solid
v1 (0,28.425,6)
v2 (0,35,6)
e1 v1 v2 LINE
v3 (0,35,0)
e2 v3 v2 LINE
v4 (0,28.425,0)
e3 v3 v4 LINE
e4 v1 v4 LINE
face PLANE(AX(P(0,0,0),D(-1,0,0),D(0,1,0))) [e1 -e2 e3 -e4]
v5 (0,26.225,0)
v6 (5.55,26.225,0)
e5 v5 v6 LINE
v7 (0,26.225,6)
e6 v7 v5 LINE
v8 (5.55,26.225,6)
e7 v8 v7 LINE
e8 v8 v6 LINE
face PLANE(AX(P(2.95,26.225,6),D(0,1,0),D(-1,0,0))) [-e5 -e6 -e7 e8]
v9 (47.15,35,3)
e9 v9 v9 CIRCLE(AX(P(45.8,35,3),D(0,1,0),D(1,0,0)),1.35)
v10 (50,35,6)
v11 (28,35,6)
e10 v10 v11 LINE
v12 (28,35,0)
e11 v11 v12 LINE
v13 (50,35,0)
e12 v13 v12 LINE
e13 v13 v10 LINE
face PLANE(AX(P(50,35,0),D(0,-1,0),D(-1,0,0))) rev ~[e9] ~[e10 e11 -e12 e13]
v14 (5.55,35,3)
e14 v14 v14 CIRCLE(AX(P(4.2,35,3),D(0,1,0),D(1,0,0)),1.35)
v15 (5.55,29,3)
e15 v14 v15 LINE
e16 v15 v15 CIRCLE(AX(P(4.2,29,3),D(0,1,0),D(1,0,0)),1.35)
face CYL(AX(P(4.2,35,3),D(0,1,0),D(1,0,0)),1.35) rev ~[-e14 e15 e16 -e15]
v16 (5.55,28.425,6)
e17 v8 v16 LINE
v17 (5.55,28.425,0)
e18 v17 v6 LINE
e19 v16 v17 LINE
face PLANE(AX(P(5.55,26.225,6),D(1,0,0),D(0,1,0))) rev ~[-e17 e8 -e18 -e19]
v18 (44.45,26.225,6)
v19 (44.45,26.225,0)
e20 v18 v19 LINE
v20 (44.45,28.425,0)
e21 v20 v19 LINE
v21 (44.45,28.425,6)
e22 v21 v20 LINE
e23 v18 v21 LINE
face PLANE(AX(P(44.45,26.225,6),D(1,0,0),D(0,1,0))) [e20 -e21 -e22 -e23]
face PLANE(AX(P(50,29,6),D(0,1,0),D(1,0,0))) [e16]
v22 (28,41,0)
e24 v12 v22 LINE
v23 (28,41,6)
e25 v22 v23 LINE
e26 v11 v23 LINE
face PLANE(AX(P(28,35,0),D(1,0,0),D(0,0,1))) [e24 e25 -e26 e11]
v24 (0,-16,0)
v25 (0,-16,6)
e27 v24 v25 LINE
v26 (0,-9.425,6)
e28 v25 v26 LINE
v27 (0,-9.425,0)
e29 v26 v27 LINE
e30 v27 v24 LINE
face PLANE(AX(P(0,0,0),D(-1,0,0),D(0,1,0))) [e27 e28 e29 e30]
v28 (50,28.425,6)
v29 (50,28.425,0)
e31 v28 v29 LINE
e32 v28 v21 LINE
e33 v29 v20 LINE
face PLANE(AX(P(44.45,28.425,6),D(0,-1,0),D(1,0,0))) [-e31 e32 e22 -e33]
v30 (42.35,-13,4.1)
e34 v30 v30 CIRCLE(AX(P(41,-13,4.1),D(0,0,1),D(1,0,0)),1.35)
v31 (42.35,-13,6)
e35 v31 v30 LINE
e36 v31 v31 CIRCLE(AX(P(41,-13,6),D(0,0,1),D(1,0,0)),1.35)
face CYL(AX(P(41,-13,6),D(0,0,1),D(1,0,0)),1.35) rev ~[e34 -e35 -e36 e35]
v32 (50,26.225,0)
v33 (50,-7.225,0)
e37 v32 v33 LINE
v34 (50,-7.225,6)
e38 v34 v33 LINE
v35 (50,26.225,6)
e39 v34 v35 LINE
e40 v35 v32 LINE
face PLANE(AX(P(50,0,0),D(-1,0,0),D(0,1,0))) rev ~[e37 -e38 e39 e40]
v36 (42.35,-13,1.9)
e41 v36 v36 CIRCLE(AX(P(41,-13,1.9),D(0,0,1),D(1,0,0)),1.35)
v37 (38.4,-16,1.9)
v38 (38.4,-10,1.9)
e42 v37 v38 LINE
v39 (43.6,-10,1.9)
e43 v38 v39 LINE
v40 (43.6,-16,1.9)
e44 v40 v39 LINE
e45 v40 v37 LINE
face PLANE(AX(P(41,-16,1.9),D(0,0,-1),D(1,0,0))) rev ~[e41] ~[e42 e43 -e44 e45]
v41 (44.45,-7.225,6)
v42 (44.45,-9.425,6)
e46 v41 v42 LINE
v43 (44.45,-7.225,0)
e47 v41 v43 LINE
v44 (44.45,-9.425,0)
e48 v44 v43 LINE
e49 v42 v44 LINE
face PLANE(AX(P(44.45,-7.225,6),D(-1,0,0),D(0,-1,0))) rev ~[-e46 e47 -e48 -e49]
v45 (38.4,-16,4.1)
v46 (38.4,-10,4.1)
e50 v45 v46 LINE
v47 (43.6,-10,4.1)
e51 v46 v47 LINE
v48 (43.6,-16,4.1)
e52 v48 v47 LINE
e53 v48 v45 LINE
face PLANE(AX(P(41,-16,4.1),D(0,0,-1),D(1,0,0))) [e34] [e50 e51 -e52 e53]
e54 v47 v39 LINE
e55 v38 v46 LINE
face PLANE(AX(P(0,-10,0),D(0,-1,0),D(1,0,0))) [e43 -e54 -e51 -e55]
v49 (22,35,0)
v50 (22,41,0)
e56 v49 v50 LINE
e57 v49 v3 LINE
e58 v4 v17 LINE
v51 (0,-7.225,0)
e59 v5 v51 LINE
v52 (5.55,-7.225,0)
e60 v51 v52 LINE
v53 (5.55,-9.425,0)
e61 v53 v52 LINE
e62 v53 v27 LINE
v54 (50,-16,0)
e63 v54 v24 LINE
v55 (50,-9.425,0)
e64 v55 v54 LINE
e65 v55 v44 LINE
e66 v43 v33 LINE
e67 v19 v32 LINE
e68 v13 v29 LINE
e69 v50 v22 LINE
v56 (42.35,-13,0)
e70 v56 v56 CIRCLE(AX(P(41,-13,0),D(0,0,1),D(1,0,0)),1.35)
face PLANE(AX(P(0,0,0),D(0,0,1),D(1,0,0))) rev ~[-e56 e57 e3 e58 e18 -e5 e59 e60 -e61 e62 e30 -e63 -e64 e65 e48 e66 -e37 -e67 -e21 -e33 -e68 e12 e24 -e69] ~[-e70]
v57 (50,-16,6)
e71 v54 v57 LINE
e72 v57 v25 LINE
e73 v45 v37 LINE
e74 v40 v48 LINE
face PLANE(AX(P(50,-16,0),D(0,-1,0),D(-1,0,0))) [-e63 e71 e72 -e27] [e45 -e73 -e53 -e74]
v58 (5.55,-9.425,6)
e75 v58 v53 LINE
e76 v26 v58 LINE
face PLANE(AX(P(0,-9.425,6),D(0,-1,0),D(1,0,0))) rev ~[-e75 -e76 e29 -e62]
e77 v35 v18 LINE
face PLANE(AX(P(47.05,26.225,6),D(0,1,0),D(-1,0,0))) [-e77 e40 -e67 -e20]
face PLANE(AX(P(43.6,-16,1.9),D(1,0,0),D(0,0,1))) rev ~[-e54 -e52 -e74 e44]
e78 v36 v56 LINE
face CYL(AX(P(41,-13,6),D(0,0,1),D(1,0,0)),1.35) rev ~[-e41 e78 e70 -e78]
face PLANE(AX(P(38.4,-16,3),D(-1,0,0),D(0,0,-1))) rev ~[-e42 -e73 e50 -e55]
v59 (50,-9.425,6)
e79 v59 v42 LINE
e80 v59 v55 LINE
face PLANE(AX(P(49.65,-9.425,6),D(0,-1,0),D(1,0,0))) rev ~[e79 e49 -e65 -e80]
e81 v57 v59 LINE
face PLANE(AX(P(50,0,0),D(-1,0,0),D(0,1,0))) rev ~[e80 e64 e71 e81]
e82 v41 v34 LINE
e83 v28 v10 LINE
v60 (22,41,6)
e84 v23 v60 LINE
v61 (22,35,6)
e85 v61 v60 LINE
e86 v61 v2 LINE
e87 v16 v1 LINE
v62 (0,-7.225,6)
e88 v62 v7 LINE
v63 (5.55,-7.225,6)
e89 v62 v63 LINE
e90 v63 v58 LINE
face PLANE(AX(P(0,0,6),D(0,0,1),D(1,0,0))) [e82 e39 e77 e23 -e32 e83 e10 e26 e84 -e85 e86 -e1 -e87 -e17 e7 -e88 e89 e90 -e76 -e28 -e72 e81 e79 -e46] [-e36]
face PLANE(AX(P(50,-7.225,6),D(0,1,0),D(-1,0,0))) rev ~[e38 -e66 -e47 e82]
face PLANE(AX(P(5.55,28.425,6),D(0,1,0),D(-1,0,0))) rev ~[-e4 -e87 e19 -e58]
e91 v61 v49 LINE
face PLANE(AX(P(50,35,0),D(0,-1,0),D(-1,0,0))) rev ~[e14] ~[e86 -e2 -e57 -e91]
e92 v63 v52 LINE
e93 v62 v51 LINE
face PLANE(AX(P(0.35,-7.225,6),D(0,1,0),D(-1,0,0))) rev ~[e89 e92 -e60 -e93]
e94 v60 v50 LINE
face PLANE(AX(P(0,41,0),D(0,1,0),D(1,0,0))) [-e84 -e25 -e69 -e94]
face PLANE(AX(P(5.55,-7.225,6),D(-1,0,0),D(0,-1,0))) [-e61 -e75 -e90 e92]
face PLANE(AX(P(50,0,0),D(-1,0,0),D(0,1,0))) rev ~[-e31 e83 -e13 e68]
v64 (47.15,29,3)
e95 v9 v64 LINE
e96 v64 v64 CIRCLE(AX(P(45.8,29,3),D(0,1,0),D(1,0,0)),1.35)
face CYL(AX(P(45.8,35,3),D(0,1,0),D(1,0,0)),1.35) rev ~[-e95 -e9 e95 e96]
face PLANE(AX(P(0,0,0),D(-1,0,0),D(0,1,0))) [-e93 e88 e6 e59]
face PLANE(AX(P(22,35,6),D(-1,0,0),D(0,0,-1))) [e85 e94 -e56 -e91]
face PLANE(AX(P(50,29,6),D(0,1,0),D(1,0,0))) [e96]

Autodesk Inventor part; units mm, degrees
ref_plane "YZ Plane" through (0, 0, 0) normal (1, 0, 0) x (0, 1, 0)
ref_plane "XZ Plane" through (0, 0, 0) normal (0, 1, 0) x (-1, 0, 0)
ref_plane "XY Plane" through (0, 0, 0) normal (0, 0, 1) x (1, 0, 0)
sketch "스케치1" plane through (0, 0, 0) normal (0, 0, 1) x (1, 0, 0)
  line L0 (0, 0) -> (50, 0) projected
  line L1 (50, 0) -> (50, 25) projected
  line L2 (0, 25) -> (50, 25) projected
  line L3 (0, 0) -> (0, 25) projected
  line L4 (8.4, 0) -> (0, 0) projected
  line L5 (0, 0) -> (0, -16) projected
  line L6 (50, -16) -> (0, -16) projected
  line L7 (50, 0) -> (50, -16) projected
  line L8 (50, 0) -> (41.6, 0) projected
  line L9 (41.6, 0) -> (41.6, -10) projected
  line L10 (41.6, -10) -> (8.4, -10) projected
  line L11 (8.4, 0) -> (8.4, -10) projected
  line L12 (0, 25) -> (50, 25)
  line L13 (50, 25) -> (50, 35)
  line L14 (50, 35) -> (0, 35)
  line L15 (0, 35) -> (0, 25)
  line L16 (0, -16) -> (50, -16)
  line L17 (50, -16) -> (50, 35)
  line L18 (50, 35) -> (0, 35)
  line L19 (0, 35) -> (0, -16)
  dimension "d0" = 10
extrude "돌출1" add sketch "스케치1" along normal blind 6
sketch "스케치2" plane through (0, 0, 6) normal (0, 0, 1) x (1, 0, 0)
  circle A0 centre (41, -13) radius 1.35 projected
  point P0 (0, 0)
extrude "돌출2" cut sketch "스케치2" against normal up to next
sketch "스케치3" plane through (0, 35, 0) normal (0, 1, 0) x (1, 0, 0)
  line L0 (50, 0) -> (0, 0) projected
  line L1 (28, -6) -> (50, -6) projected
  line L2 (39, -6) -> (25, 0)
  line L3 (39, -6) -> (22, -6)
  line L4 (22, -6) -> (22, 0)
  line L5 (22, 0) -> (39, 0)
  line L6 (39, 0) -> (39, -6)
  line L7 (39, 0) -> (28, 0)
  line L8 (28, 0) -> (28, -6)
  line L9 (28, -6) -> (39, -6)
  line L10 (39, -6) -> (39, 0)
  point P0 (22, -6)
extrude "돌출3" add sketch "스케치3" along normal blind 6 contours L8 L2 L0 | L2 L8 L3 L4 L0
sketch "스케치4" plane through (50, 35, 6) normal (0, 1, 0) x (1, 0, 0)
  circle A0 centre (-4.2, 79) radius 1.35 projected
  circle A1 centre (-4.2, 3) radius 1.35 projected
  circle A2 centre (-45.8, 79) radius 1.35 projected
  circle A3 centre (-45.8, 3) radius 1.35 projected
  circle A4 centre (-4.2, 71.8) radius 1.6 projected
  circle A5 centre (-45.8, 71.8) radius 1.6 projected
  circle A6 centre (-4.2, 10.2) radius 1.6 projected
  circle A7 centre (-45.8, 10.2) radius 1.6 projected
  line L0 (-50, 0) -> (-28, 0) projected
  line L1 (-28, 0) -> (-28, 6) projected
  line L2 (-28, 6) -> (-22, 6) projected
  line L3 (-22, 6) -> (-22, 0) projected
  line L4 (-22, 0) -> (0, 0) projected
  line L5 (0, 0) -> (0, 82) projected
  line L6 (0, 82) -> (-50, 82) projected
  line L7 (-50, 82) -> (-50, 0) projected
  point P0 (-50, 6)
extrude "돌출4" cut sketch "스케치4" against normal blind 6 contours A1 | A3
sketch "스케치6" plane through (0, 0, 6) normal (0, 0, 1) x (1, 0, 0)
  line L0 (47.05, 26.225) -> (47.05, 40.9)
  line L1 (47.05, 31.225) -> (47.05, 40.9)
  line L2 (47.05, 26.225) -> (49.65, 26.225)
  line L3 (50, -16) -> (50, 35) projected
  line L4 (47.05, 26.225) -> (44.45, 26.225)
  line L5 (44.45, 26.225) -> (44.45, 28.425)
  line L6 (44.45, 28.425) -> (49.65, 28.425)
  line L7 (49.65, 28.425) -> (49.65, 26.225)
  line L8 (28, 41) -> (22, 41) projected
  line L9 (25, 41) -> (25, 38)
  line L10 (2.95, 26.225) -> (0.35, 26.225)
  line L11 (2.95, 26.225) -> (5.55, 26.225)
  line L12 (5.55, 26.225) -> (5.55, 28.425)
  line L13 (5.55, 28.425) -> (0.35, 28.425)
  line L14 (0.35, 28.425) -> (0.35, 26.225)
  line L15 (0, 35) -> (0, -16) projected
  line L16 (0.35, 26.225) -> (0, 26.225)
  line L17 (0, 26.225) -> (0, 28.425)
  line L18 (0, 28.425) -> (0.35, 28.425)
  line L19 (0.35, 28.425) -> (0.35, 26.225)
  line L20 (49.65, 28.425) -> (50, 28.425)
  line L21 (50, 28.425) -> (50, 26.225)
  line L22 (50, 26.225) -> (49.65, 26.225)
  line L23 (49.65, 26.225) -> (49.65, 28.425)
  line L24 (0, 9.5) -> (2.95, 9.5)
  line L25 (47.05, -7.225) -> (49.65, -7.225)
  line L26 (47.05, -7.225) -> (44.45, -7.225)
  line L27 (44.45, -7.225) -> (44.45, -9.425)
  line L28 (44.45, -9.425) -> (49.65, -9.425)
  line L29 (49.65, -9.425) -> (49.65, -7.225)
  line L30 (2.95, -7.225) -> (0.35, -7.225)
  line L31 (2.95, -7.225) -> (5.55, -7.225)
  line L32 (5.55, -7.225) -> (5.55, -9.425)
  line L33 (5.55, -9.425) -> (0.35, -9.425)
  line L34 (0.35, -9.425) -> (0.35, -7.225)
  line L35 (0.35, -7.225) -> (0, -7.225)
  line L36 (0, -7.225) -> (0, -9.425)
  line L37 (0, -9.425) -> (0.35, -9.425)
  line L38 (0.35, -9.425) -> (0.35, -7.225)
  line L39 (49.65, -9.425) -> (50, -9.425)
  line L40 (50, -9.425) -> (50, -7.225)
  line L41 (50, -7.225) -> (49.65, -7.225)
  line L42 (49.65, -7.225) -> (49.65, -9.425)
  point P0 (0, 0)
  point P1 (47.05, -12.225)
  point P2 (0, -7.225)
  point P3 (0, 26.225)
  dimension "d11" = 2.6
  dimension "d12" = 2.6
  dimension "d13" = 2.2
extrude "돌출6" cut sketch "스케치6" against normal up to next
sketch "스케치7" plane through (0, -16, 0) normal (0, -1, 0) x (1, 0, 0)
  line L0 (42.25, -2.775) -> (42.25, 11.9)
  line L1 (39.75, -2.775) -> (39.75, 11.9)
  line L2 (42.25, -2.775) -> (39.75, -2.775)
  line L3 (41, -2.775) -> (41, 6)
  line L4 (41, 0) -> (41, 6)
  line L5 (41, 3) -> (43.6, 3)
  line L6 (41, 3) -> (38.4, 3)
  line L7 (43.6, 3) -> (38.4, 3)
  line L8 (38.4, 3) -> (38.4, 1.9)
  line L9 (38.4, 1.9) -> (43.6, 1.9)
  line L10 (43.6, 1.9) -> (43.6, 3)
  line L11 (38.4, 3) -> (38.4, 4.1)
  line L12 (38.4, 4.1) -> (43.6, 4.1)
  line L13 (43.6, 4.1) -> (43.6, 3)
  point P0 (0, 0)
  dimension "d16" = 2.6
  dimension "d17" = 2.6
  dimension "d18" = 1.1
extrude "돌출7" cut sketch "스케치7" against normal blind 6 contours L9 L3 L5 L0 | L0 L5 L10 L9 | L5 L3 L12 L0 | L0 L12 L13 L5 | L9 L1 L6 L3 | L6 L1 L12 L3 | L9 L8 L6 L1 | L6 L11 L12 L1
properties part number "head_side"
